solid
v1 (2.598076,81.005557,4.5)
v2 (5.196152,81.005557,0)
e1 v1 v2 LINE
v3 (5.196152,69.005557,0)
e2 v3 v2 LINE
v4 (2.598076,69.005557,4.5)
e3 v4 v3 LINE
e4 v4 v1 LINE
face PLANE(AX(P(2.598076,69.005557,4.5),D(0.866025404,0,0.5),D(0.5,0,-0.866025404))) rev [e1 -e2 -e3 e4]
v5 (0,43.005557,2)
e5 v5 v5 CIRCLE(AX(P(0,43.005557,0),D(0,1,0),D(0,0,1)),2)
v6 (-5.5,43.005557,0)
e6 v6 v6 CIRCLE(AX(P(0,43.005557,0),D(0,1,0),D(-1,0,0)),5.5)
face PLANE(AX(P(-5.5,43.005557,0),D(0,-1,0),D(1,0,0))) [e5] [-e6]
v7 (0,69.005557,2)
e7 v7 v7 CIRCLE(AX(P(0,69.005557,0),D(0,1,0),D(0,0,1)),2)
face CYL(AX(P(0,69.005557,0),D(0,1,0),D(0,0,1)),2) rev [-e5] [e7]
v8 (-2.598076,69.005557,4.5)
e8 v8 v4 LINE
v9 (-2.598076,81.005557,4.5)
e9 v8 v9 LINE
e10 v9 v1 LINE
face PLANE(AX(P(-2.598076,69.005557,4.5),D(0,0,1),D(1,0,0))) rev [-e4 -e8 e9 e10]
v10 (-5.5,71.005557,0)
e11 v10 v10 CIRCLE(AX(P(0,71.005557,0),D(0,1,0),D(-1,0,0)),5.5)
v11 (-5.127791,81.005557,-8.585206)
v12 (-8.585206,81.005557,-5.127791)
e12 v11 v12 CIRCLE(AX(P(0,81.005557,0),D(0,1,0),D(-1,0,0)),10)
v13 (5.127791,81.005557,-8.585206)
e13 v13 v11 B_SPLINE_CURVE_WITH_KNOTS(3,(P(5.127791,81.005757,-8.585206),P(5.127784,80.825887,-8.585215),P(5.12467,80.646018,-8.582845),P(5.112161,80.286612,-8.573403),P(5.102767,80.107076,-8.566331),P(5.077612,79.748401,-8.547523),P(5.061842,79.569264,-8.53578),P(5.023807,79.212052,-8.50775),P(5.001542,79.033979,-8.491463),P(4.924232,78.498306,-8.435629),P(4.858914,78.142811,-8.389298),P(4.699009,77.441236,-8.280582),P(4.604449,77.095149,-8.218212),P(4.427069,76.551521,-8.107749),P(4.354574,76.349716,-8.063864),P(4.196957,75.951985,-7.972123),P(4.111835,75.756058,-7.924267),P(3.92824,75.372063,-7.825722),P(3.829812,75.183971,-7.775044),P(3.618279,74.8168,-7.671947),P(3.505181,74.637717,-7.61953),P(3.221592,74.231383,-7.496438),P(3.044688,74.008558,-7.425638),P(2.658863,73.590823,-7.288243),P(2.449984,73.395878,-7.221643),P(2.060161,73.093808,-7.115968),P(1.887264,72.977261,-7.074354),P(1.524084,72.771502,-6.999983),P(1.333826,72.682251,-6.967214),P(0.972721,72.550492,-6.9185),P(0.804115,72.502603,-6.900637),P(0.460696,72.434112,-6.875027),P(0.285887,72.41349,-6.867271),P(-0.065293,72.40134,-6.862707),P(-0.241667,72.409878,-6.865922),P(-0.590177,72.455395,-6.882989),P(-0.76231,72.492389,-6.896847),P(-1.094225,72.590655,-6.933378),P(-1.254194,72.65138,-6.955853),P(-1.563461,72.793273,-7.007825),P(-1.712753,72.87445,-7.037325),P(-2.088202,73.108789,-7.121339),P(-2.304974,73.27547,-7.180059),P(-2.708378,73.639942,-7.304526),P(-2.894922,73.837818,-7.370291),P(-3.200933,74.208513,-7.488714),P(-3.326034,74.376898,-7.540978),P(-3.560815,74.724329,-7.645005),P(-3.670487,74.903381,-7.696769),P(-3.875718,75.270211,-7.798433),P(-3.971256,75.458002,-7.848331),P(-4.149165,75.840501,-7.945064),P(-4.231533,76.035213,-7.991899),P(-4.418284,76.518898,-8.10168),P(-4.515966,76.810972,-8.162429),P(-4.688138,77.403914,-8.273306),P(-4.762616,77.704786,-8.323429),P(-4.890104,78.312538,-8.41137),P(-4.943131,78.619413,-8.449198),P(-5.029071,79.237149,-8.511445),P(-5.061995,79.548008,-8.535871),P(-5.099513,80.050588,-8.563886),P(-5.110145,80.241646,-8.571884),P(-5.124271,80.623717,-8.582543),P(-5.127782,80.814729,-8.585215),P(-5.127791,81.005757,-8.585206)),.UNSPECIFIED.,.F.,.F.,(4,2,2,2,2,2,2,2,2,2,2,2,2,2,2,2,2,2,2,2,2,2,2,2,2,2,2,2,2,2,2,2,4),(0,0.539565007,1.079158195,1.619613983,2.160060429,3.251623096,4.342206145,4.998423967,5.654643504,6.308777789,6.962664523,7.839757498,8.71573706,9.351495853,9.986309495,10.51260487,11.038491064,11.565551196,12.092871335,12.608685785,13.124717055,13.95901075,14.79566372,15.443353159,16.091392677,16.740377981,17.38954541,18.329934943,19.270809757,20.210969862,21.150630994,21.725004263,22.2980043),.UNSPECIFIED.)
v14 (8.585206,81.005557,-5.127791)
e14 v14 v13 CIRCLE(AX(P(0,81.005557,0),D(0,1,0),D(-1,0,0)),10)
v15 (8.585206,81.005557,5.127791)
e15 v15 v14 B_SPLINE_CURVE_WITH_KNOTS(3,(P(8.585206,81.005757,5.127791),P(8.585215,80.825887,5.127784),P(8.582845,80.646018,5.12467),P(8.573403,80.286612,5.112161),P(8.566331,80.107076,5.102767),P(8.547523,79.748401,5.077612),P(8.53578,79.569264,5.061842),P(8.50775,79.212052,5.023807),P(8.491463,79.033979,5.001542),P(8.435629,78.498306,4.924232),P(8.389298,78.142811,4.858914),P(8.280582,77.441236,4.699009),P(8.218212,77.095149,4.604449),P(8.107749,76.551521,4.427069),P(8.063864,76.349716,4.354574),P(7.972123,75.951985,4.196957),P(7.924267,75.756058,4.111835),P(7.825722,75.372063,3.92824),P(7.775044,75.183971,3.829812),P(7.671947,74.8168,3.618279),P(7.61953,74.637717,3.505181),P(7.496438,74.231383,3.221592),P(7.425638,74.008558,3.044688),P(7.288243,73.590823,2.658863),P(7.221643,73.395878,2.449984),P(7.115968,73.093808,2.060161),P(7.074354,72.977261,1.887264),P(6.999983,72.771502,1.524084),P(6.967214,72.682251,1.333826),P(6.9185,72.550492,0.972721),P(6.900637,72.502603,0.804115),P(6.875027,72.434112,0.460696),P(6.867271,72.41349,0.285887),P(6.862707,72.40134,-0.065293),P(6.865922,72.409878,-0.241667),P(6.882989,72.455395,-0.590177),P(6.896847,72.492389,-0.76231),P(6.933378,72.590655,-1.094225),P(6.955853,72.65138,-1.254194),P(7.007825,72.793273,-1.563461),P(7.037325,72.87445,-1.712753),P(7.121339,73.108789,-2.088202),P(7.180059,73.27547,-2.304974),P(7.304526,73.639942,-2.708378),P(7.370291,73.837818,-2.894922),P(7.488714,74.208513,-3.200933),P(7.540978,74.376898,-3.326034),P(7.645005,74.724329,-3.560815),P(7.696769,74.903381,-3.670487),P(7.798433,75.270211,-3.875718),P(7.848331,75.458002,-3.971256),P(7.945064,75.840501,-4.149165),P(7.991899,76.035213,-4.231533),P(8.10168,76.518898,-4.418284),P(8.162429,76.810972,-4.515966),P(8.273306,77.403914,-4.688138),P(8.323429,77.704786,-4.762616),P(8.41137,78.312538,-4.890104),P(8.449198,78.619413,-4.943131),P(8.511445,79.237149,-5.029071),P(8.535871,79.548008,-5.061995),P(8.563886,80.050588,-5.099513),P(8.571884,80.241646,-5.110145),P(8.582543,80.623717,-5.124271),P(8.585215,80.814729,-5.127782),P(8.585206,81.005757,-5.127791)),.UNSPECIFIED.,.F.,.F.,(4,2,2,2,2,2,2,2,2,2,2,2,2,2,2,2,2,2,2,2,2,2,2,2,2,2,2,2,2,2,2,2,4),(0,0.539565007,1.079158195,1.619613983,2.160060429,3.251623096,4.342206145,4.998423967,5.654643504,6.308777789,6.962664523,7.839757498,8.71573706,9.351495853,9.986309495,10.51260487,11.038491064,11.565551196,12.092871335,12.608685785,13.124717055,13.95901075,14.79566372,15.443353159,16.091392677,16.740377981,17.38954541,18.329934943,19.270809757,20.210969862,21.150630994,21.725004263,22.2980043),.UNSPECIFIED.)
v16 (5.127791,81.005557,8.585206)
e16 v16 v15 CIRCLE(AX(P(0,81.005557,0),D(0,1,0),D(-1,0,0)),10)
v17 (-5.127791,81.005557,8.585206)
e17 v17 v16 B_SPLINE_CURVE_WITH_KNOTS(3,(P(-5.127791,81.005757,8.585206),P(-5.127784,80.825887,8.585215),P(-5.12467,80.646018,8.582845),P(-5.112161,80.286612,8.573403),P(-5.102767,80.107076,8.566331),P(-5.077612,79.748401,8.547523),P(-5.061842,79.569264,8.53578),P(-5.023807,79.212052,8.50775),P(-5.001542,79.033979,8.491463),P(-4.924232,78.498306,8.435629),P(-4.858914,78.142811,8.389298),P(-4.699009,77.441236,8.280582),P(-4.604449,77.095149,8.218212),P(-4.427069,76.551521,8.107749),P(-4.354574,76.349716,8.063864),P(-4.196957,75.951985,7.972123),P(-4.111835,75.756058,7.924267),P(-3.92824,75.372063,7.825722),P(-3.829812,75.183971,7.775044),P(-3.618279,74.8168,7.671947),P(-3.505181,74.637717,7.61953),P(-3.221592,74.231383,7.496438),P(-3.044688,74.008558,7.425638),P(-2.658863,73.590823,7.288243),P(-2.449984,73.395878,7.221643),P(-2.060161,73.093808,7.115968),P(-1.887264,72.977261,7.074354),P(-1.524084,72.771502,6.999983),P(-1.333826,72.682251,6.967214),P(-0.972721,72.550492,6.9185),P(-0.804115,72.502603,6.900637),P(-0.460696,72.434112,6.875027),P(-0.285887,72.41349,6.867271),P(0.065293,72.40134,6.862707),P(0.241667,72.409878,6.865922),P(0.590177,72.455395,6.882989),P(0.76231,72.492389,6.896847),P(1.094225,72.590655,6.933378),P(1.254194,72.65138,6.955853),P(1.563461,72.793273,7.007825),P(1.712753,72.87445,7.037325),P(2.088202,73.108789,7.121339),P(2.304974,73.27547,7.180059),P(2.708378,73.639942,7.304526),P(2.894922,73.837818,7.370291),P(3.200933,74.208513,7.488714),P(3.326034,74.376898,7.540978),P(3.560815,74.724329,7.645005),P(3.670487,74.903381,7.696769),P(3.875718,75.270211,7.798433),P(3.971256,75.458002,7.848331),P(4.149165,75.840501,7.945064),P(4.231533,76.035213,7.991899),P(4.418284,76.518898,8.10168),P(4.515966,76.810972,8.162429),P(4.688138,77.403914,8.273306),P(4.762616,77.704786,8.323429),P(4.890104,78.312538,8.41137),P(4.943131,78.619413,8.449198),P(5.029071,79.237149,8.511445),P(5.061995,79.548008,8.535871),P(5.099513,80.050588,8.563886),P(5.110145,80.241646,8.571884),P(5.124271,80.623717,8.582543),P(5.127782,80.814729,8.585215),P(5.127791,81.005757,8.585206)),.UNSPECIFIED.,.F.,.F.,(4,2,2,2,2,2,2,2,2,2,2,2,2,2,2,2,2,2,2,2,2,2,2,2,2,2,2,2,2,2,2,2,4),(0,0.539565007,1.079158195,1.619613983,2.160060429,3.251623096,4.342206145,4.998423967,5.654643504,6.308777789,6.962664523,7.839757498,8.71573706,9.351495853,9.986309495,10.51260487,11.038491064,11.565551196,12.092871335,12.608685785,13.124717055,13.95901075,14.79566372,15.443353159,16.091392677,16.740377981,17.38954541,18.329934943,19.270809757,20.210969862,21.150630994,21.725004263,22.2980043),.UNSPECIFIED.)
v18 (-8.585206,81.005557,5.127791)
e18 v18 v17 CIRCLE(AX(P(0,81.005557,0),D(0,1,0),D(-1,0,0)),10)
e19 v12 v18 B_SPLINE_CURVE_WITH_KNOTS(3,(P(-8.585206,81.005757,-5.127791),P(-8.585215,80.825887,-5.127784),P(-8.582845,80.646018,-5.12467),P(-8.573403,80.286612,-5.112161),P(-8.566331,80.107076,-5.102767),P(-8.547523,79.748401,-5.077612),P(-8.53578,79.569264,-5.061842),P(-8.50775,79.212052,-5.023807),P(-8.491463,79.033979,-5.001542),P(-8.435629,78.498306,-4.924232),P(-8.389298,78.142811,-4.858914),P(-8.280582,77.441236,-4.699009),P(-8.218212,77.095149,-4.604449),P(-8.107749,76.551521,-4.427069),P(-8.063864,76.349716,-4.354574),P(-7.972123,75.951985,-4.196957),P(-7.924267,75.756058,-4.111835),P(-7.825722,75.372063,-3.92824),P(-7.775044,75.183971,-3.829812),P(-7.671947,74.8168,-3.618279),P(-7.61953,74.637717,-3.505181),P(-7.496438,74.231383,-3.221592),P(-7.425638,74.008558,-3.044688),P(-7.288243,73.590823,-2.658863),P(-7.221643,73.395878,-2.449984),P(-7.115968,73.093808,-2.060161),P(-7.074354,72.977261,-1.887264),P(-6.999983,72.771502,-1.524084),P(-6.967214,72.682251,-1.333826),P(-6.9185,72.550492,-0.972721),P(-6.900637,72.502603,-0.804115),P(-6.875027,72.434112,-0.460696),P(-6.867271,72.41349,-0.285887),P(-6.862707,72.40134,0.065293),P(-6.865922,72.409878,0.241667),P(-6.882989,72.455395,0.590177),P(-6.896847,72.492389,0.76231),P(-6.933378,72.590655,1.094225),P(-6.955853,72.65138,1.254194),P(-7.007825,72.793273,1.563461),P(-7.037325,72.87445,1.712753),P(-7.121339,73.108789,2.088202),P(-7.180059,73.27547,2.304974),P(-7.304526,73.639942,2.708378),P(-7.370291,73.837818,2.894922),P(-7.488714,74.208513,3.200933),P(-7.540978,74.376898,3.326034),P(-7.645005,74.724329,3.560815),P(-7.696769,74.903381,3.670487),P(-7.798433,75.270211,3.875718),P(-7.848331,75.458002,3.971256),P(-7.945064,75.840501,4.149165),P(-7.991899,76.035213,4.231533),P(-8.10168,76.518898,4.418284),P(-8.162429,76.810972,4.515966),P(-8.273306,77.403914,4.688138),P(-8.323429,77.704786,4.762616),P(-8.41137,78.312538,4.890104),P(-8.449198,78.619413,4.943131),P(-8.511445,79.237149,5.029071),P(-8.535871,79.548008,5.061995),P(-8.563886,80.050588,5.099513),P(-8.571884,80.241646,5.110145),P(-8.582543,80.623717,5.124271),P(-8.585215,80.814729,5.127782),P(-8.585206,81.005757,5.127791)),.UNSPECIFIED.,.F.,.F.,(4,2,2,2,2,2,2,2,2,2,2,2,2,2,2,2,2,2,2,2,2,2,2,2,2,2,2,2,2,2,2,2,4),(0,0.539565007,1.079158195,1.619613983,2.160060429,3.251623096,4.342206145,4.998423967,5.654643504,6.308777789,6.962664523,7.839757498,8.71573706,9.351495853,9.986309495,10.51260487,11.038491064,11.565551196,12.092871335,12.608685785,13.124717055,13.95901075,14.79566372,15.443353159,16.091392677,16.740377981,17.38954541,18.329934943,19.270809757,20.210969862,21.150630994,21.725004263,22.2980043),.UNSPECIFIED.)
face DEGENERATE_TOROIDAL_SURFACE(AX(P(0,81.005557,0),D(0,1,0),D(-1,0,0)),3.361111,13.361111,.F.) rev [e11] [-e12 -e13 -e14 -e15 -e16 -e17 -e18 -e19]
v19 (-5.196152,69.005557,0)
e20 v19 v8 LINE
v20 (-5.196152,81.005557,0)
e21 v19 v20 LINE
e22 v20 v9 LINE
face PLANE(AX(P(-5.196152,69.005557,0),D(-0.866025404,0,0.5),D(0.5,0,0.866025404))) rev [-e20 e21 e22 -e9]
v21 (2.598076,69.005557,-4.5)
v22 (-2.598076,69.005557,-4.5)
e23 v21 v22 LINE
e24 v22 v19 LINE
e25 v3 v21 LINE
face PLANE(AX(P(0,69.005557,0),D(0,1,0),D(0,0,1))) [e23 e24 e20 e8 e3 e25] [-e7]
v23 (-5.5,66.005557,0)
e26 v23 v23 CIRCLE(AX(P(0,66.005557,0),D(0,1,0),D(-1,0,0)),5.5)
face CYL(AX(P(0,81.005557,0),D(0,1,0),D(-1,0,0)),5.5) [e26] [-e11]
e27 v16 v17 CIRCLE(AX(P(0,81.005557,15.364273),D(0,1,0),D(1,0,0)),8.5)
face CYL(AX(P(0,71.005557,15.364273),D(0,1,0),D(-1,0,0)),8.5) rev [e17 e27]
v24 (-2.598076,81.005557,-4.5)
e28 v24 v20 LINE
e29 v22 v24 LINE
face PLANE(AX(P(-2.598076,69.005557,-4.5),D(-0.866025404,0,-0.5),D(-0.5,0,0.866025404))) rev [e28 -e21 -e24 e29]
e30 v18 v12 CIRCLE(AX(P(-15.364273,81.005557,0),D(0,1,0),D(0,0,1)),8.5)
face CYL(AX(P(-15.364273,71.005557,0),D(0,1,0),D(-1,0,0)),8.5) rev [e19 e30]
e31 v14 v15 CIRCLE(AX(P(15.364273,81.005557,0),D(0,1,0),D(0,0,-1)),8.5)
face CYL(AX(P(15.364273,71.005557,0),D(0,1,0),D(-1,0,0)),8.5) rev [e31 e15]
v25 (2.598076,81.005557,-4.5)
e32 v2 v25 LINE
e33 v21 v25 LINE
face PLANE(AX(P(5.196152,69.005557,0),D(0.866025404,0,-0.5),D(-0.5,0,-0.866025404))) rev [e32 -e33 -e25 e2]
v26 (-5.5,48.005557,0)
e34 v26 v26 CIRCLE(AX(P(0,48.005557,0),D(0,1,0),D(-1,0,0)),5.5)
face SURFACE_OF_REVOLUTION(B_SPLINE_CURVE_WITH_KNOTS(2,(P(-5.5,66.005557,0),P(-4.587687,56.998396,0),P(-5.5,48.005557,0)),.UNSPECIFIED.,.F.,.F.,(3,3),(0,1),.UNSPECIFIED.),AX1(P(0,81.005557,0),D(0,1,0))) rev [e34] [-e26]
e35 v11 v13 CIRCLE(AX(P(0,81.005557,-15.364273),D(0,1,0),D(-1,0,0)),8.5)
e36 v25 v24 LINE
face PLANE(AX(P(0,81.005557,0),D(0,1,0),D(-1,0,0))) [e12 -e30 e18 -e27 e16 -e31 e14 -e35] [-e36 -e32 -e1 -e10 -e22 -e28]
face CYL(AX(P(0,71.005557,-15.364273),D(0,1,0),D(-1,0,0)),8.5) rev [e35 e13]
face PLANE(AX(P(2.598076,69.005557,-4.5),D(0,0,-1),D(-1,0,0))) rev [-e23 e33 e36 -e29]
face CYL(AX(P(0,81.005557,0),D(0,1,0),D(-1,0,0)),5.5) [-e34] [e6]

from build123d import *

# Parameters (mm, degrees)
SKETCH2_R                = 8.5
CUT_EXTRUDE1_DEPTH       = 10
CIRPATTERN1_COUNT        = 4
CUT_EXTRUDE2_DEPTH       = 12
F_4_0_4_DIAMETER_HOLE1_D = 4


with BuildPart() as part:
    # Sketch1 → Revolve3 (revolve)
    with BuildSketch(Plane.XY):
        with BuildLine():
            Line((0, 81.005557052), (-10, 81.005557052))
            ThreePointArc((-10, 81.005557052), (-8.823173444, 75.522629002), (-5.5, 71.005557052))
            Line((-5.5, 71.005557052), (-5.5, 66.005557052))
            add(Edge.make_bspline(
                [(-5.5, 66.005557052), (-4.587686539, 56.99839644), (-5.5, 48.005557052)],
                knots=[0, 0, 0, 1, 1, 1], degree=2))
            Line((-5.5, 48.005557052), (-5.5, 43.005557052))
            Line((-5.5, 43.005557052), (0, 43.005557052))
            Line((0, 43.005557052), (0, 81.005557052))
        make_face()
    revolve(axis=Axis((0, 81.005557052, 0), (0, -1, 0)))

    # Sketch2 → Cut-Extrude1 (cut)
    with BuildSketch(Plane(origin=(0, 81.005557052, 0), x_dir=(1, 0, 0), z_dir=(0, 1, 0))):
        with Locations((0, 15.36427344)):
            Circle(SKETCH2_R)
    cut_extrude1 = extrude(amount=-CUT_EXTRUDE1_DEPTH, mode=Mode.SUBTRACT)

    # CirPattern1: Cut-Extrude1 ×4 about axis
    cirpattern1_axis = Axis((0, 0, 0), (0, 1, 0))
    for i in range(1, CIRPATTERN1_COUNT):
        add(cut_extrude1.rotate(cirpattern1_axis, i * 360 / CIRPATTERN1_COUNT), mode=Mode.SUBTRACT)

    # Sketch3 → Cut-Extrude2 (cut)
    with BuildSketch(Plane(origin=(0, 81.005557052, 0), x_dir=(1, 0, 0), z_dir=(0, 1, 0))):
        Polygon((-2.598076211, 4.5), (-5.196152423, 0), (-2.598076211, -4.5), (2.598076211, -4.5), (5.196152423, 0), (2.598076211, 4.5), align=None)
    extrude(amount=-CUT_EXTRUDE2_DEPTH, mode=Mode.SUBTRACT)

    # Ø4.0 (4) Diameter Hole1 (through all)
    with Locations(Plane(origin=(0, 69.005557052, 0), x_dir=(1, 0, 0), z_dir=(0, 1, 0))):
        with Locations((0, 0)):
            Hole(F_4_0_4_DIAMETER_HOLE1_D / 2)


solid = part.part
